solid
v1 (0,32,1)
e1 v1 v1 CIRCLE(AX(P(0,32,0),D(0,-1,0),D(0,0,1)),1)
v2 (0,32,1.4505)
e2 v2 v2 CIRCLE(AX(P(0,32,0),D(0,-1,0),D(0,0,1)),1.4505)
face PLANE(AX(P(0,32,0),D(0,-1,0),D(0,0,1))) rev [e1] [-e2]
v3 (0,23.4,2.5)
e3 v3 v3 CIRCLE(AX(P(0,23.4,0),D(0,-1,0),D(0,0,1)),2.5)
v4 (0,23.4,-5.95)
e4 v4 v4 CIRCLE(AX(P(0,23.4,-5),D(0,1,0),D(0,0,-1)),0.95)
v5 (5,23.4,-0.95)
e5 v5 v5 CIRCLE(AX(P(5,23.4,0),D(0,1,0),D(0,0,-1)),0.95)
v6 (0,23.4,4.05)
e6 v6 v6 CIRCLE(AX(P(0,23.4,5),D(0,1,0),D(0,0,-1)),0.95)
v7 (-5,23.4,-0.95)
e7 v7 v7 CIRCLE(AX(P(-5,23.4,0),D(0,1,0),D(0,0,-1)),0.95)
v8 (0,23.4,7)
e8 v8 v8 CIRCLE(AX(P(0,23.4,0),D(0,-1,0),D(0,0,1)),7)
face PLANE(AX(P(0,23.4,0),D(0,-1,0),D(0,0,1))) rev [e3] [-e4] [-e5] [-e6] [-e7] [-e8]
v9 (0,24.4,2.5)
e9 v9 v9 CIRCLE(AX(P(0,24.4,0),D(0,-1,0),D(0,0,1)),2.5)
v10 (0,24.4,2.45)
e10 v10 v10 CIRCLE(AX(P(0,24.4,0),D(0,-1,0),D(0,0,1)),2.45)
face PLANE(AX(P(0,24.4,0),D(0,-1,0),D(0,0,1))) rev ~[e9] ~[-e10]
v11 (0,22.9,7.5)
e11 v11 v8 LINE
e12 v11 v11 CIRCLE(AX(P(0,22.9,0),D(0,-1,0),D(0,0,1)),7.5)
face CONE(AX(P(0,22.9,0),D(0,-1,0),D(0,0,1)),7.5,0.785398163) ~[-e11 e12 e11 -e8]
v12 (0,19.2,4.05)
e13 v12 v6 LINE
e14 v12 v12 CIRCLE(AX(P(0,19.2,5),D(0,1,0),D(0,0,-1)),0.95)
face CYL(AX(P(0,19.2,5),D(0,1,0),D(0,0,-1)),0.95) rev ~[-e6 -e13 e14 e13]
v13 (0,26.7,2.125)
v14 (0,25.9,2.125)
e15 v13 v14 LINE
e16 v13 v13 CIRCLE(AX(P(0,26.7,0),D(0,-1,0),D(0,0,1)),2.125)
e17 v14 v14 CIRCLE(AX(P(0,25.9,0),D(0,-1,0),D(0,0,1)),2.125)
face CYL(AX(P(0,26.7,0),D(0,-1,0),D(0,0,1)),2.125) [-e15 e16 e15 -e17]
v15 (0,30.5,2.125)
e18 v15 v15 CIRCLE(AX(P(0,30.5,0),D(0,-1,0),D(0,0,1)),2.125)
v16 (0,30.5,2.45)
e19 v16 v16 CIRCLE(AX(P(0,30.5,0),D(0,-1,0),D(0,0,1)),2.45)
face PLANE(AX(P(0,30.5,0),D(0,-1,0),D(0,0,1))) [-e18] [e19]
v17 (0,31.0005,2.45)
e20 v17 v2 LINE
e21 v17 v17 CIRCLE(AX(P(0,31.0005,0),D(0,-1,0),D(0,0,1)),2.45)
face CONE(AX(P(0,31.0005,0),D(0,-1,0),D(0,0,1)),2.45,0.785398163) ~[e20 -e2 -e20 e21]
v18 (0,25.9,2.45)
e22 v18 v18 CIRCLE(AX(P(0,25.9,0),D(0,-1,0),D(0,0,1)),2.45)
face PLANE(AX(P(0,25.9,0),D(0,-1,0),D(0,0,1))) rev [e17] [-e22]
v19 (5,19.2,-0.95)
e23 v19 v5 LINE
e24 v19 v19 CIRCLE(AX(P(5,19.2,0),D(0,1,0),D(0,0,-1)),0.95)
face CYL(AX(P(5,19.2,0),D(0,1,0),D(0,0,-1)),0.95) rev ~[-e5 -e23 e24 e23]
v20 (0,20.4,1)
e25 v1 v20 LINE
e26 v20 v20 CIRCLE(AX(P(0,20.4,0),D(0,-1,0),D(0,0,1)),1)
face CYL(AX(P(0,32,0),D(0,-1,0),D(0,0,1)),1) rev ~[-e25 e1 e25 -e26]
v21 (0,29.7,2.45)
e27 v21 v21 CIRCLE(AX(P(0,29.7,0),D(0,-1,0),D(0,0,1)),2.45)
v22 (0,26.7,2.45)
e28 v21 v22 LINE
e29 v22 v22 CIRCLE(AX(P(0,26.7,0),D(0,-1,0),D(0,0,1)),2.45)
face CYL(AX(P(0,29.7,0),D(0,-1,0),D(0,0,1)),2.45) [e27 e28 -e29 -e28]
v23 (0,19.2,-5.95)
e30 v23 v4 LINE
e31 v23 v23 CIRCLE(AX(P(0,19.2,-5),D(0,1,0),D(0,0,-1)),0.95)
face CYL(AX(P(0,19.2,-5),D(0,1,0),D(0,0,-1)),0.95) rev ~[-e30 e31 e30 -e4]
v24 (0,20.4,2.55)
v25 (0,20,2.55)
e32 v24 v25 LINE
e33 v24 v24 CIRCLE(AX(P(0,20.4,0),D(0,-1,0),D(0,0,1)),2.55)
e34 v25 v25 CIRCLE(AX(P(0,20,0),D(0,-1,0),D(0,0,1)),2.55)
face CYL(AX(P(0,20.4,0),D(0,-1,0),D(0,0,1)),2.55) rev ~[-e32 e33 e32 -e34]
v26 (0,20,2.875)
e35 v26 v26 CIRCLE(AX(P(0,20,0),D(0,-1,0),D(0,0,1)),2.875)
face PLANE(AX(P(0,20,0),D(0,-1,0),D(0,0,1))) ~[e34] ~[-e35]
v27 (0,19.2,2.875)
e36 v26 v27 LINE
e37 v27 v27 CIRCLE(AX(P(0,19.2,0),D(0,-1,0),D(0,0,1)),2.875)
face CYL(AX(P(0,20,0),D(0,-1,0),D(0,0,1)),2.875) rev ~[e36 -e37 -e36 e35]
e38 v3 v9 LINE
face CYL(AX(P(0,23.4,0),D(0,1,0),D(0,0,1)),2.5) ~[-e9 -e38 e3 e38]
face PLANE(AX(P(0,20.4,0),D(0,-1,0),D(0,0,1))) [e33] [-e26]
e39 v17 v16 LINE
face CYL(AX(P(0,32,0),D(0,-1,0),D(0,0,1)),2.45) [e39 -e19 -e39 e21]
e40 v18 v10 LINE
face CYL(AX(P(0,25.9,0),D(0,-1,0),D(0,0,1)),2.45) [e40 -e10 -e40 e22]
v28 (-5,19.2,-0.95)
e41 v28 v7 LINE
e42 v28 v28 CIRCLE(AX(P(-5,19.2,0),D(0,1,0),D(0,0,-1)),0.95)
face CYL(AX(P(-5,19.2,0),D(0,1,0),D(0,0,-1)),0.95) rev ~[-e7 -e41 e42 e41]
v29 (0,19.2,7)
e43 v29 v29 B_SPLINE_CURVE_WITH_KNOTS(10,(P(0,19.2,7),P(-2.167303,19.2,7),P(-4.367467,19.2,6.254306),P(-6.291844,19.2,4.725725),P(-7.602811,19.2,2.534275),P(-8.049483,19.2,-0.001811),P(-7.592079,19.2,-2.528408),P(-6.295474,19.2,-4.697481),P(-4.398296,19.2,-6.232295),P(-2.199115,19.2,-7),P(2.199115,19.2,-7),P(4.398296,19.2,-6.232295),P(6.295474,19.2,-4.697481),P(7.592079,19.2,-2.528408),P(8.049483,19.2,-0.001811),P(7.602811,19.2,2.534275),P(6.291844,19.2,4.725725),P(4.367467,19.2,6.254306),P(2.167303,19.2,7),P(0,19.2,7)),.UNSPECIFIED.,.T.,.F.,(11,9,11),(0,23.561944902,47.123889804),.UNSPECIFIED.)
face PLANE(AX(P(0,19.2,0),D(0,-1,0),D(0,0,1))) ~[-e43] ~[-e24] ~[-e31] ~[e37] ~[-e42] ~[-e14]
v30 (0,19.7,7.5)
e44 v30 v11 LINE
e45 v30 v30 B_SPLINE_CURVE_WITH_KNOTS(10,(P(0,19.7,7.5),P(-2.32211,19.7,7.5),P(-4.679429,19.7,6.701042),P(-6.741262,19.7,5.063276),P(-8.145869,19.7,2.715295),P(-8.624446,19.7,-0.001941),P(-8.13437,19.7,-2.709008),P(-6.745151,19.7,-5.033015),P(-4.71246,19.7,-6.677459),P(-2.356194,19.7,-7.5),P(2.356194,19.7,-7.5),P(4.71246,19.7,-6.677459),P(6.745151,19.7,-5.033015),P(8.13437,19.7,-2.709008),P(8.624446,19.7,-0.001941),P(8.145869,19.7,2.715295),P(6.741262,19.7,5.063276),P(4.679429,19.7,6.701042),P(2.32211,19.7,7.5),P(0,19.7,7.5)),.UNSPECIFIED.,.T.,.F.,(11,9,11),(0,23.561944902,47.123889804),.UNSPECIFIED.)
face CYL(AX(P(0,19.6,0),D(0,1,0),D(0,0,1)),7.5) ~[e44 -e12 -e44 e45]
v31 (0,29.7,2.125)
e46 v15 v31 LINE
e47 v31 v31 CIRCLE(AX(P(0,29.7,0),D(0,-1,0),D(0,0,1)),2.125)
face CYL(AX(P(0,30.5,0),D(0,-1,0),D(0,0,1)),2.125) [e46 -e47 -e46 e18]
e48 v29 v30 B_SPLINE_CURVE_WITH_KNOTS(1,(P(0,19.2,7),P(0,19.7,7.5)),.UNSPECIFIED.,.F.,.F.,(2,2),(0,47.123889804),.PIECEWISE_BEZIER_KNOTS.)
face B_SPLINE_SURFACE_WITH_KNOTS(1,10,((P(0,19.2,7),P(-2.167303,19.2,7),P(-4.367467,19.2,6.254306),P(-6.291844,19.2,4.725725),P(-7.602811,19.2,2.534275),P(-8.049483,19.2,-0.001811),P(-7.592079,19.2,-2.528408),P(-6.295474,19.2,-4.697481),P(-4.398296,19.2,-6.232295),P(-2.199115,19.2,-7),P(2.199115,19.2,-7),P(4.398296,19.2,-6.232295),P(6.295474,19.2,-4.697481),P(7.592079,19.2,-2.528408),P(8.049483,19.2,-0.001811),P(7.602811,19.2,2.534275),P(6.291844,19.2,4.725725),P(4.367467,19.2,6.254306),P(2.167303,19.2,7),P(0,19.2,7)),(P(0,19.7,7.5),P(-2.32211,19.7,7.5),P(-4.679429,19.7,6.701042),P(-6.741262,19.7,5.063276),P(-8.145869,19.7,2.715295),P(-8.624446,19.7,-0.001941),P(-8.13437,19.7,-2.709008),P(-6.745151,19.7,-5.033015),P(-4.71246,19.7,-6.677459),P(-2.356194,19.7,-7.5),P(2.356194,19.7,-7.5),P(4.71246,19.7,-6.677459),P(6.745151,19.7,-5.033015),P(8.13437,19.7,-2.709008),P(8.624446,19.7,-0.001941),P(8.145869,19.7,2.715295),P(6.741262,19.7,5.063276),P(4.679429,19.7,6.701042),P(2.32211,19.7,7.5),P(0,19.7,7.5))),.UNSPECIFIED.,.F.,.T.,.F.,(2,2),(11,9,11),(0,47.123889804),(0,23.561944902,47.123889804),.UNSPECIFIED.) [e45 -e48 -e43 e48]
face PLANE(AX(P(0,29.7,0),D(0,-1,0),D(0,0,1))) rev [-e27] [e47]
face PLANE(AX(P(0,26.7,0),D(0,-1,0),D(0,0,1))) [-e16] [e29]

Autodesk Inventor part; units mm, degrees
ref_plane "YZ Plane" through (0, 0, 0) normal (1, 0, 0) x (0, 1, 0)
sketch "Sketch1" plane through (0, 0, 0) normal (1, 0, 0) x (0, 1, 0)
  line L0 (31, 0) -> (20.4, 0)
  line L1 (31, 0) -> (32, 0)
  line L2 (32, 0) -> (32, 2.45)
  line L3 (32, 2.45) -> (30.5, 2.45)
  line L4 (30.5, 2.45) -> (30.5, 2.125)
  line L5 (30.5, 2.125) -> (29.7, 2.125)
  line L6 (29.7, 2.125) -> (29.7, 2.45)
  line L7 (29.7, 2.45) -> (26.7, 2.45)
  line L8 (26.7, 2.45) -> (26.7, 2.125)
  line L9 (26.7, 2.125) -> (25.9, 2.125)
  line L10 (25.9, 2.125) -> (25.9, 2.45)
  line L11 (25.9, 2.45) -> (24.4, 2.45)
  line L12 (23.4, 2.5) -> (24.4, 2.5)
  line L13 (24.4, 2.5) -> (24.4, 2.45)
  line L14 (23.4, 2.5) -> (23.4, 7.5)
  line L15 (32, 2.45) -> (31, 2.45)
  line L16 (32, 2.45) -> (32, 1.45)
  line L17 (19.6, 7.5) -> (23.4, 7.5)
  line L18 (20.4, 2.55) -> (20, 2.55)
  line L19 (19.2, 7.5) -> (19.6, 7.5)
  line L20 (20.4, 2.55) -> (20.4, 0)
  line L21 (20, 2.55) -> (20, 2.875)
  line L22 (20, 2.875) -> (19.2, 2.875)
  line L23 (19.2, 2.875) -> (19.2, 7.5)
  point P0 (0, 0)
  dimension "d344" = 1
  dimension "d345" = 1.5
  dimension "d346" = 0.325
  dimension "d347" = 0.8
  dimension "d348" = 3
  dimension "d349" = 0.325
  dimension "d350" = 0.8
  dimension "d351" = 2.45
  dimension "d353" = 1
  dimension "d354" = 1
  dimension "d355" = 1
  dimension "d377" = 0.4
  dimension "d379" = 2.55
  dimension "d380" = 0.8
revolve "Revolution1" add sketch "Sketch1" angle 360 about axis through (0, 31, 0) along (0, -1, 0)
chamfer "Chamfer6" distance 0.5 angle 45 2 edges at (0, 23.4, -7.5) (0, 19.2, -7.5)
chamfer "Chamfer8" distance 1 angle 45 1 edges at (0, 32, -2.45)
sketch "Sketch13" plane through (0, 32, 0) normal (0, 1, 0) x (1, 0, 0)
  circle A0 centre (0, 0) radius 1
  point P0 (0, 0)
  dimension "d359" = 2
hole "Hole10" at (0, 32, 0) direction (0, -1, 0) diameter 2 end through all
ref_plane "Work Plane8" through (0, 26.3, 0) normal (0, 1, 0) x (1, 0, 0)
ref_plane "Work Plane9" through (0, 30.1, 0) normal (0, 1, 0) x (1, 0, 0)
sketch "Sketch15" plane through (0, 19.2, 0) normal (0, -1, 0) x (1, 0, 0)
  line L0 (0, 0) -> (5, 0)
  line L1 (0, 0) -> (-5, 0)
  line L2 (0, 0) -> (0, -5)
  line L3 (0, 0) -> (0, 5)
  dimension "d381" = 5
  dimension "d382" = 5
  dimension "d383" = 5
  dimension "d384" = 5
hole "Hole11" at (0, 19.2, -5) at (-5, 19.2, 0) at (5, 19.2, 0) at (0, 19.2, 5) direction (0, 1, 0) diameter 1.9 end through all
thread "Thread21" size "M2x0.4" class "6H" standard "ANSI Metric M Profile" full length
thread "Thread22" size "M2x0.4" class "6H" standard "ANSI Metric M Profile" full length
thread "Thread23" size "M2x0.4" class "6H" standard "ANSI Metric M Profile" full length
thread "Thread24" size "M2x0.4" class "6H" standard "ANSI Metric M Profile" full length
properties part number "None_Magnet_Extender_Split_Top" material "Aluminum 6061"
